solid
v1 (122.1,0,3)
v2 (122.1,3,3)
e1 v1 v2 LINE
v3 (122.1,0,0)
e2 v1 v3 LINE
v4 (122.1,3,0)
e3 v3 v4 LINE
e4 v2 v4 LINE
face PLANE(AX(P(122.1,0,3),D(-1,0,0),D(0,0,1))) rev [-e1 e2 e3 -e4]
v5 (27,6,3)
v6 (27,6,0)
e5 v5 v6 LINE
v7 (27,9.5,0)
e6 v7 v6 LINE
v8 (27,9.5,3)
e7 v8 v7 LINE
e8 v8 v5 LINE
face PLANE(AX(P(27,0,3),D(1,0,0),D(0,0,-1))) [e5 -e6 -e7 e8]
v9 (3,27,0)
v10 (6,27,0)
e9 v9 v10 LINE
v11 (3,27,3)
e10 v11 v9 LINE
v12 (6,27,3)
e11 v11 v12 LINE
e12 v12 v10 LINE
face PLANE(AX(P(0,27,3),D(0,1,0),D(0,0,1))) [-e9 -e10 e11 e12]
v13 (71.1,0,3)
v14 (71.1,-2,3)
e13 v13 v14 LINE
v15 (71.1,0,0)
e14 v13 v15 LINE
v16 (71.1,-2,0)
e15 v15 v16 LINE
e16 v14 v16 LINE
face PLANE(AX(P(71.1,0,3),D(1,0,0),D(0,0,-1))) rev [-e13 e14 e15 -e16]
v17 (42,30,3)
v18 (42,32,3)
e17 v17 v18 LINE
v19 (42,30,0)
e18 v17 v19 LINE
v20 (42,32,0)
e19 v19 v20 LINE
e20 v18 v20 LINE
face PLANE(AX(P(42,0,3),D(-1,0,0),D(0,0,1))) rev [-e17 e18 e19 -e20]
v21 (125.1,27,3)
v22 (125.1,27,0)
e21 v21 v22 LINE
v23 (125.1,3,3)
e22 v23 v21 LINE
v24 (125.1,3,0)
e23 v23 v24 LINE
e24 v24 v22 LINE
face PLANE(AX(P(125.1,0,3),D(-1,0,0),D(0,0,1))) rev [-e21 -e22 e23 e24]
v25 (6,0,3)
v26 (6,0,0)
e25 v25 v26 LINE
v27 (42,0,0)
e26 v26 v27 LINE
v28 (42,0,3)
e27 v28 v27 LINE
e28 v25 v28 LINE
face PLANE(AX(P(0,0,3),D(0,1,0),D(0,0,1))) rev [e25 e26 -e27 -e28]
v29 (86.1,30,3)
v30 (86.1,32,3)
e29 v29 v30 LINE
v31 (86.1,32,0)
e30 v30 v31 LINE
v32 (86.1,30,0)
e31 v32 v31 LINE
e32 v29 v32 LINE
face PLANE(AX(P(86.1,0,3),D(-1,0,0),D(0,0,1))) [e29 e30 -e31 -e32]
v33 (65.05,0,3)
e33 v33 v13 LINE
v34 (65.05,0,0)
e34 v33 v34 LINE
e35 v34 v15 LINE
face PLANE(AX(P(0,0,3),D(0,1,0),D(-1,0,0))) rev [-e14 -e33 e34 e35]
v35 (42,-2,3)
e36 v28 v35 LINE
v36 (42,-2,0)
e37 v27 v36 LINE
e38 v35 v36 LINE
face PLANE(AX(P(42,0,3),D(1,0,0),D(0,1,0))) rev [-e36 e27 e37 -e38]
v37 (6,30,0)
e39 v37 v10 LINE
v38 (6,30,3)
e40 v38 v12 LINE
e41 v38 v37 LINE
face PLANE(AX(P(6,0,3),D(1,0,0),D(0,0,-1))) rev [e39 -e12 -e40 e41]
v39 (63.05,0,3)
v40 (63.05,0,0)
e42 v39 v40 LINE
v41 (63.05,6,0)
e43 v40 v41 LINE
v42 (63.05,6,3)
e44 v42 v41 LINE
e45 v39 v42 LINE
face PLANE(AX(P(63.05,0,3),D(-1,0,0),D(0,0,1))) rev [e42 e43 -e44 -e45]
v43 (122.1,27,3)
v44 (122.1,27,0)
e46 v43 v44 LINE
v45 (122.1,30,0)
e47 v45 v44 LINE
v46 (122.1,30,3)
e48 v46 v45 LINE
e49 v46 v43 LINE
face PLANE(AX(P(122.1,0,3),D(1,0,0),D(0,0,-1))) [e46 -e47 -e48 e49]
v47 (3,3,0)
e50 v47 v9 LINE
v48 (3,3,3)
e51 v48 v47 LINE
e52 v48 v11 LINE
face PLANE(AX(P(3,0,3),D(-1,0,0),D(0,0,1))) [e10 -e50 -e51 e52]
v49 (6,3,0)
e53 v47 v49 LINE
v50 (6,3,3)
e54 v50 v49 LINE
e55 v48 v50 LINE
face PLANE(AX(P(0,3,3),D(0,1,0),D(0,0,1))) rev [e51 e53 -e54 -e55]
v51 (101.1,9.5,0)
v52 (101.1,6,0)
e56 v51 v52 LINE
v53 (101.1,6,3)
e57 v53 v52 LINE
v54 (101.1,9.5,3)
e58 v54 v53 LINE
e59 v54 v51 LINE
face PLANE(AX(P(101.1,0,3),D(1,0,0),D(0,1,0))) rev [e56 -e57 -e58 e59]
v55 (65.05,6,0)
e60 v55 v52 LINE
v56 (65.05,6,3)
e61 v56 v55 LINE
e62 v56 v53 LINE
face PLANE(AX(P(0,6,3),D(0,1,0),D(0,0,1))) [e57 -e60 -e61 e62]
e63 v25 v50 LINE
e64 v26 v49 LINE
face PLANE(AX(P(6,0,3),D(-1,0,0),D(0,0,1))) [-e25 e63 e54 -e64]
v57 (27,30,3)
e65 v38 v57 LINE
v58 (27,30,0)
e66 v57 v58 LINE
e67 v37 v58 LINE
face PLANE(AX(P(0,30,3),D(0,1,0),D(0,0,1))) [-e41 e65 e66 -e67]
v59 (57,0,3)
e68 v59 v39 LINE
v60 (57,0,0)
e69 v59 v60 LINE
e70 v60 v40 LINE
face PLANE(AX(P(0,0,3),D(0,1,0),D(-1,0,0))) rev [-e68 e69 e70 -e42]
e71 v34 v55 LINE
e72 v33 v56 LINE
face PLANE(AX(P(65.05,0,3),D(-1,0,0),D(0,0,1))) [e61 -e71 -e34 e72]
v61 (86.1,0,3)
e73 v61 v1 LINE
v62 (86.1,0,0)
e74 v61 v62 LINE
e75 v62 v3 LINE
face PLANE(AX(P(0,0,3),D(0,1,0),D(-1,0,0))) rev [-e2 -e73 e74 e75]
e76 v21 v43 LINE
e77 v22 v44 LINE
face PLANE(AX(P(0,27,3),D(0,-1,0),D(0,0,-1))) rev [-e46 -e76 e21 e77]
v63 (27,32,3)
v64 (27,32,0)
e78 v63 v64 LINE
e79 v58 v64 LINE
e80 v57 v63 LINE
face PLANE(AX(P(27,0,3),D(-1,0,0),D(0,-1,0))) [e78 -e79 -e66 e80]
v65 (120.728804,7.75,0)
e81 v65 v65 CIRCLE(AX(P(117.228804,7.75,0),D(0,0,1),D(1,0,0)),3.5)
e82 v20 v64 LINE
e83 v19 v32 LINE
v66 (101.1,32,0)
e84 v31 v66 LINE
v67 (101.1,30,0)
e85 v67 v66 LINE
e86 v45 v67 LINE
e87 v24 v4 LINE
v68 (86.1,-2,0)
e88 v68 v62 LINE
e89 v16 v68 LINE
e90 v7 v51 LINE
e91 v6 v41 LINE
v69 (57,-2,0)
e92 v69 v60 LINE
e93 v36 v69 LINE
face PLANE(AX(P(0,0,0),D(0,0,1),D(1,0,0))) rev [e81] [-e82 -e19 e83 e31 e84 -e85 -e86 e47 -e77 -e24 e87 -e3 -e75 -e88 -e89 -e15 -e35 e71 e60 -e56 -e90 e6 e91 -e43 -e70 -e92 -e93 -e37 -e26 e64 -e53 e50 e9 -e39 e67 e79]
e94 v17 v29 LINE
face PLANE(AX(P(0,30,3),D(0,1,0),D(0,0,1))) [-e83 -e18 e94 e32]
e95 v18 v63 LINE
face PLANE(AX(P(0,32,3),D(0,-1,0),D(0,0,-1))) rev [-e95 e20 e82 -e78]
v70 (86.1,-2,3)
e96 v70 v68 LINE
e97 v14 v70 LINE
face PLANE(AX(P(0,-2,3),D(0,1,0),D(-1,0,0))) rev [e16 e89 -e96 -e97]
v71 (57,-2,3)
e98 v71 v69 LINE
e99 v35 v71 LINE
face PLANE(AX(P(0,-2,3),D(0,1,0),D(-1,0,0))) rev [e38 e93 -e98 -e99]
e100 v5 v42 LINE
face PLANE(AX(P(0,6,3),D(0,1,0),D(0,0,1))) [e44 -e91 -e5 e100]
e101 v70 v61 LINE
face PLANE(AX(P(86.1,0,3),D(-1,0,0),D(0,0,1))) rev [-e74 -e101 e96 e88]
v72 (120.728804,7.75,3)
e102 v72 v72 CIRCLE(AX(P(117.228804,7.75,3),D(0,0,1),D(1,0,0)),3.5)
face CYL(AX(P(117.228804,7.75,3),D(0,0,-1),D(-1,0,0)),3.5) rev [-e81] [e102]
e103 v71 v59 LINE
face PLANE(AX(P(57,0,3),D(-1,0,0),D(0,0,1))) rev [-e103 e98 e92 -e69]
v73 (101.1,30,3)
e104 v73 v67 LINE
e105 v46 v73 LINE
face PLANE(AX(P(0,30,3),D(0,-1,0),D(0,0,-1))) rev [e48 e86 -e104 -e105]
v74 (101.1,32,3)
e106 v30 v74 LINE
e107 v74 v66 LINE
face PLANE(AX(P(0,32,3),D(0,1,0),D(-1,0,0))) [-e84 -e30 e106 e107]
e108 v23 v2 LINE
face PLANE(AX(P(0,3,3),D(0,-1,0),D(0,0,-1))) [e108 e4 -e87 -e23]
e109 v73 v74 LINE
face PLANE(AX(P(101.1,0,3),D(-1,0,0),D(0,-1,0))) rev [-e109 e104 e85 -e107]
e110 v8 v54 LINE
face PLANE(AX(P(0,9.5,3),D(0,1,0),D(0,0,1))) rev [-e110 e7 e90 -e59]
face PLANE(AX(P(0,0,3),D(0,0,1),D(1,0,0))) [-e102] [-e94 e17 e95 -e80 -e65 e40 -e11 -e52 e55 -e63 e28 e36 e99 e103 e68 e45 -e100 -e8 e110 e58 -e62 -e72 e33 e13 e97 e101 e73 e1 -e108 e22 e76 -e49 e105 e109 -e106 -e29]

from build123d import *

# Parameters (mm, degrees)
SKETCH1_R           = 3.5
BOSS_EXTRUDE3_DEPTH = 3


with BuildPart() as part:
    # Sketch1 → Boss-Extrude3 (new body)
    with BuildSketch(Plane.XY):
        Polygon((6, 3), (6, 0), (42, 0), (42, -2), (57, -2), (57, 0), (63.05, 0), (63.05, 6), (27, 6), (27, 9.5), (101.1, 9.5), (101.1, 6), (65.05, 6), (65.05, 0), (71.1, 0), (71.1, -2), (86.1, -2), (86.1, 0), (122.1, 0), (122.1, 3), (125.1, 3), (125.1, 27), (122.1, 27), (122.1, 30), (101.1, 30), (101.1, 32), (86.1, 32), (86.1, 30), (42, 30), (42, 32), (27, 32), (27, 30), (6, 30), (6, 27), (3, 27), (3, 3), align=None)
        with Locations((117.228803839, 7.75)):
            Circle(SKETCH1_R, mode=Mode.SUBTRACT)
    extrude(amount=BOSS_EXTRUDE3_DEPTH)


solid = part.part
